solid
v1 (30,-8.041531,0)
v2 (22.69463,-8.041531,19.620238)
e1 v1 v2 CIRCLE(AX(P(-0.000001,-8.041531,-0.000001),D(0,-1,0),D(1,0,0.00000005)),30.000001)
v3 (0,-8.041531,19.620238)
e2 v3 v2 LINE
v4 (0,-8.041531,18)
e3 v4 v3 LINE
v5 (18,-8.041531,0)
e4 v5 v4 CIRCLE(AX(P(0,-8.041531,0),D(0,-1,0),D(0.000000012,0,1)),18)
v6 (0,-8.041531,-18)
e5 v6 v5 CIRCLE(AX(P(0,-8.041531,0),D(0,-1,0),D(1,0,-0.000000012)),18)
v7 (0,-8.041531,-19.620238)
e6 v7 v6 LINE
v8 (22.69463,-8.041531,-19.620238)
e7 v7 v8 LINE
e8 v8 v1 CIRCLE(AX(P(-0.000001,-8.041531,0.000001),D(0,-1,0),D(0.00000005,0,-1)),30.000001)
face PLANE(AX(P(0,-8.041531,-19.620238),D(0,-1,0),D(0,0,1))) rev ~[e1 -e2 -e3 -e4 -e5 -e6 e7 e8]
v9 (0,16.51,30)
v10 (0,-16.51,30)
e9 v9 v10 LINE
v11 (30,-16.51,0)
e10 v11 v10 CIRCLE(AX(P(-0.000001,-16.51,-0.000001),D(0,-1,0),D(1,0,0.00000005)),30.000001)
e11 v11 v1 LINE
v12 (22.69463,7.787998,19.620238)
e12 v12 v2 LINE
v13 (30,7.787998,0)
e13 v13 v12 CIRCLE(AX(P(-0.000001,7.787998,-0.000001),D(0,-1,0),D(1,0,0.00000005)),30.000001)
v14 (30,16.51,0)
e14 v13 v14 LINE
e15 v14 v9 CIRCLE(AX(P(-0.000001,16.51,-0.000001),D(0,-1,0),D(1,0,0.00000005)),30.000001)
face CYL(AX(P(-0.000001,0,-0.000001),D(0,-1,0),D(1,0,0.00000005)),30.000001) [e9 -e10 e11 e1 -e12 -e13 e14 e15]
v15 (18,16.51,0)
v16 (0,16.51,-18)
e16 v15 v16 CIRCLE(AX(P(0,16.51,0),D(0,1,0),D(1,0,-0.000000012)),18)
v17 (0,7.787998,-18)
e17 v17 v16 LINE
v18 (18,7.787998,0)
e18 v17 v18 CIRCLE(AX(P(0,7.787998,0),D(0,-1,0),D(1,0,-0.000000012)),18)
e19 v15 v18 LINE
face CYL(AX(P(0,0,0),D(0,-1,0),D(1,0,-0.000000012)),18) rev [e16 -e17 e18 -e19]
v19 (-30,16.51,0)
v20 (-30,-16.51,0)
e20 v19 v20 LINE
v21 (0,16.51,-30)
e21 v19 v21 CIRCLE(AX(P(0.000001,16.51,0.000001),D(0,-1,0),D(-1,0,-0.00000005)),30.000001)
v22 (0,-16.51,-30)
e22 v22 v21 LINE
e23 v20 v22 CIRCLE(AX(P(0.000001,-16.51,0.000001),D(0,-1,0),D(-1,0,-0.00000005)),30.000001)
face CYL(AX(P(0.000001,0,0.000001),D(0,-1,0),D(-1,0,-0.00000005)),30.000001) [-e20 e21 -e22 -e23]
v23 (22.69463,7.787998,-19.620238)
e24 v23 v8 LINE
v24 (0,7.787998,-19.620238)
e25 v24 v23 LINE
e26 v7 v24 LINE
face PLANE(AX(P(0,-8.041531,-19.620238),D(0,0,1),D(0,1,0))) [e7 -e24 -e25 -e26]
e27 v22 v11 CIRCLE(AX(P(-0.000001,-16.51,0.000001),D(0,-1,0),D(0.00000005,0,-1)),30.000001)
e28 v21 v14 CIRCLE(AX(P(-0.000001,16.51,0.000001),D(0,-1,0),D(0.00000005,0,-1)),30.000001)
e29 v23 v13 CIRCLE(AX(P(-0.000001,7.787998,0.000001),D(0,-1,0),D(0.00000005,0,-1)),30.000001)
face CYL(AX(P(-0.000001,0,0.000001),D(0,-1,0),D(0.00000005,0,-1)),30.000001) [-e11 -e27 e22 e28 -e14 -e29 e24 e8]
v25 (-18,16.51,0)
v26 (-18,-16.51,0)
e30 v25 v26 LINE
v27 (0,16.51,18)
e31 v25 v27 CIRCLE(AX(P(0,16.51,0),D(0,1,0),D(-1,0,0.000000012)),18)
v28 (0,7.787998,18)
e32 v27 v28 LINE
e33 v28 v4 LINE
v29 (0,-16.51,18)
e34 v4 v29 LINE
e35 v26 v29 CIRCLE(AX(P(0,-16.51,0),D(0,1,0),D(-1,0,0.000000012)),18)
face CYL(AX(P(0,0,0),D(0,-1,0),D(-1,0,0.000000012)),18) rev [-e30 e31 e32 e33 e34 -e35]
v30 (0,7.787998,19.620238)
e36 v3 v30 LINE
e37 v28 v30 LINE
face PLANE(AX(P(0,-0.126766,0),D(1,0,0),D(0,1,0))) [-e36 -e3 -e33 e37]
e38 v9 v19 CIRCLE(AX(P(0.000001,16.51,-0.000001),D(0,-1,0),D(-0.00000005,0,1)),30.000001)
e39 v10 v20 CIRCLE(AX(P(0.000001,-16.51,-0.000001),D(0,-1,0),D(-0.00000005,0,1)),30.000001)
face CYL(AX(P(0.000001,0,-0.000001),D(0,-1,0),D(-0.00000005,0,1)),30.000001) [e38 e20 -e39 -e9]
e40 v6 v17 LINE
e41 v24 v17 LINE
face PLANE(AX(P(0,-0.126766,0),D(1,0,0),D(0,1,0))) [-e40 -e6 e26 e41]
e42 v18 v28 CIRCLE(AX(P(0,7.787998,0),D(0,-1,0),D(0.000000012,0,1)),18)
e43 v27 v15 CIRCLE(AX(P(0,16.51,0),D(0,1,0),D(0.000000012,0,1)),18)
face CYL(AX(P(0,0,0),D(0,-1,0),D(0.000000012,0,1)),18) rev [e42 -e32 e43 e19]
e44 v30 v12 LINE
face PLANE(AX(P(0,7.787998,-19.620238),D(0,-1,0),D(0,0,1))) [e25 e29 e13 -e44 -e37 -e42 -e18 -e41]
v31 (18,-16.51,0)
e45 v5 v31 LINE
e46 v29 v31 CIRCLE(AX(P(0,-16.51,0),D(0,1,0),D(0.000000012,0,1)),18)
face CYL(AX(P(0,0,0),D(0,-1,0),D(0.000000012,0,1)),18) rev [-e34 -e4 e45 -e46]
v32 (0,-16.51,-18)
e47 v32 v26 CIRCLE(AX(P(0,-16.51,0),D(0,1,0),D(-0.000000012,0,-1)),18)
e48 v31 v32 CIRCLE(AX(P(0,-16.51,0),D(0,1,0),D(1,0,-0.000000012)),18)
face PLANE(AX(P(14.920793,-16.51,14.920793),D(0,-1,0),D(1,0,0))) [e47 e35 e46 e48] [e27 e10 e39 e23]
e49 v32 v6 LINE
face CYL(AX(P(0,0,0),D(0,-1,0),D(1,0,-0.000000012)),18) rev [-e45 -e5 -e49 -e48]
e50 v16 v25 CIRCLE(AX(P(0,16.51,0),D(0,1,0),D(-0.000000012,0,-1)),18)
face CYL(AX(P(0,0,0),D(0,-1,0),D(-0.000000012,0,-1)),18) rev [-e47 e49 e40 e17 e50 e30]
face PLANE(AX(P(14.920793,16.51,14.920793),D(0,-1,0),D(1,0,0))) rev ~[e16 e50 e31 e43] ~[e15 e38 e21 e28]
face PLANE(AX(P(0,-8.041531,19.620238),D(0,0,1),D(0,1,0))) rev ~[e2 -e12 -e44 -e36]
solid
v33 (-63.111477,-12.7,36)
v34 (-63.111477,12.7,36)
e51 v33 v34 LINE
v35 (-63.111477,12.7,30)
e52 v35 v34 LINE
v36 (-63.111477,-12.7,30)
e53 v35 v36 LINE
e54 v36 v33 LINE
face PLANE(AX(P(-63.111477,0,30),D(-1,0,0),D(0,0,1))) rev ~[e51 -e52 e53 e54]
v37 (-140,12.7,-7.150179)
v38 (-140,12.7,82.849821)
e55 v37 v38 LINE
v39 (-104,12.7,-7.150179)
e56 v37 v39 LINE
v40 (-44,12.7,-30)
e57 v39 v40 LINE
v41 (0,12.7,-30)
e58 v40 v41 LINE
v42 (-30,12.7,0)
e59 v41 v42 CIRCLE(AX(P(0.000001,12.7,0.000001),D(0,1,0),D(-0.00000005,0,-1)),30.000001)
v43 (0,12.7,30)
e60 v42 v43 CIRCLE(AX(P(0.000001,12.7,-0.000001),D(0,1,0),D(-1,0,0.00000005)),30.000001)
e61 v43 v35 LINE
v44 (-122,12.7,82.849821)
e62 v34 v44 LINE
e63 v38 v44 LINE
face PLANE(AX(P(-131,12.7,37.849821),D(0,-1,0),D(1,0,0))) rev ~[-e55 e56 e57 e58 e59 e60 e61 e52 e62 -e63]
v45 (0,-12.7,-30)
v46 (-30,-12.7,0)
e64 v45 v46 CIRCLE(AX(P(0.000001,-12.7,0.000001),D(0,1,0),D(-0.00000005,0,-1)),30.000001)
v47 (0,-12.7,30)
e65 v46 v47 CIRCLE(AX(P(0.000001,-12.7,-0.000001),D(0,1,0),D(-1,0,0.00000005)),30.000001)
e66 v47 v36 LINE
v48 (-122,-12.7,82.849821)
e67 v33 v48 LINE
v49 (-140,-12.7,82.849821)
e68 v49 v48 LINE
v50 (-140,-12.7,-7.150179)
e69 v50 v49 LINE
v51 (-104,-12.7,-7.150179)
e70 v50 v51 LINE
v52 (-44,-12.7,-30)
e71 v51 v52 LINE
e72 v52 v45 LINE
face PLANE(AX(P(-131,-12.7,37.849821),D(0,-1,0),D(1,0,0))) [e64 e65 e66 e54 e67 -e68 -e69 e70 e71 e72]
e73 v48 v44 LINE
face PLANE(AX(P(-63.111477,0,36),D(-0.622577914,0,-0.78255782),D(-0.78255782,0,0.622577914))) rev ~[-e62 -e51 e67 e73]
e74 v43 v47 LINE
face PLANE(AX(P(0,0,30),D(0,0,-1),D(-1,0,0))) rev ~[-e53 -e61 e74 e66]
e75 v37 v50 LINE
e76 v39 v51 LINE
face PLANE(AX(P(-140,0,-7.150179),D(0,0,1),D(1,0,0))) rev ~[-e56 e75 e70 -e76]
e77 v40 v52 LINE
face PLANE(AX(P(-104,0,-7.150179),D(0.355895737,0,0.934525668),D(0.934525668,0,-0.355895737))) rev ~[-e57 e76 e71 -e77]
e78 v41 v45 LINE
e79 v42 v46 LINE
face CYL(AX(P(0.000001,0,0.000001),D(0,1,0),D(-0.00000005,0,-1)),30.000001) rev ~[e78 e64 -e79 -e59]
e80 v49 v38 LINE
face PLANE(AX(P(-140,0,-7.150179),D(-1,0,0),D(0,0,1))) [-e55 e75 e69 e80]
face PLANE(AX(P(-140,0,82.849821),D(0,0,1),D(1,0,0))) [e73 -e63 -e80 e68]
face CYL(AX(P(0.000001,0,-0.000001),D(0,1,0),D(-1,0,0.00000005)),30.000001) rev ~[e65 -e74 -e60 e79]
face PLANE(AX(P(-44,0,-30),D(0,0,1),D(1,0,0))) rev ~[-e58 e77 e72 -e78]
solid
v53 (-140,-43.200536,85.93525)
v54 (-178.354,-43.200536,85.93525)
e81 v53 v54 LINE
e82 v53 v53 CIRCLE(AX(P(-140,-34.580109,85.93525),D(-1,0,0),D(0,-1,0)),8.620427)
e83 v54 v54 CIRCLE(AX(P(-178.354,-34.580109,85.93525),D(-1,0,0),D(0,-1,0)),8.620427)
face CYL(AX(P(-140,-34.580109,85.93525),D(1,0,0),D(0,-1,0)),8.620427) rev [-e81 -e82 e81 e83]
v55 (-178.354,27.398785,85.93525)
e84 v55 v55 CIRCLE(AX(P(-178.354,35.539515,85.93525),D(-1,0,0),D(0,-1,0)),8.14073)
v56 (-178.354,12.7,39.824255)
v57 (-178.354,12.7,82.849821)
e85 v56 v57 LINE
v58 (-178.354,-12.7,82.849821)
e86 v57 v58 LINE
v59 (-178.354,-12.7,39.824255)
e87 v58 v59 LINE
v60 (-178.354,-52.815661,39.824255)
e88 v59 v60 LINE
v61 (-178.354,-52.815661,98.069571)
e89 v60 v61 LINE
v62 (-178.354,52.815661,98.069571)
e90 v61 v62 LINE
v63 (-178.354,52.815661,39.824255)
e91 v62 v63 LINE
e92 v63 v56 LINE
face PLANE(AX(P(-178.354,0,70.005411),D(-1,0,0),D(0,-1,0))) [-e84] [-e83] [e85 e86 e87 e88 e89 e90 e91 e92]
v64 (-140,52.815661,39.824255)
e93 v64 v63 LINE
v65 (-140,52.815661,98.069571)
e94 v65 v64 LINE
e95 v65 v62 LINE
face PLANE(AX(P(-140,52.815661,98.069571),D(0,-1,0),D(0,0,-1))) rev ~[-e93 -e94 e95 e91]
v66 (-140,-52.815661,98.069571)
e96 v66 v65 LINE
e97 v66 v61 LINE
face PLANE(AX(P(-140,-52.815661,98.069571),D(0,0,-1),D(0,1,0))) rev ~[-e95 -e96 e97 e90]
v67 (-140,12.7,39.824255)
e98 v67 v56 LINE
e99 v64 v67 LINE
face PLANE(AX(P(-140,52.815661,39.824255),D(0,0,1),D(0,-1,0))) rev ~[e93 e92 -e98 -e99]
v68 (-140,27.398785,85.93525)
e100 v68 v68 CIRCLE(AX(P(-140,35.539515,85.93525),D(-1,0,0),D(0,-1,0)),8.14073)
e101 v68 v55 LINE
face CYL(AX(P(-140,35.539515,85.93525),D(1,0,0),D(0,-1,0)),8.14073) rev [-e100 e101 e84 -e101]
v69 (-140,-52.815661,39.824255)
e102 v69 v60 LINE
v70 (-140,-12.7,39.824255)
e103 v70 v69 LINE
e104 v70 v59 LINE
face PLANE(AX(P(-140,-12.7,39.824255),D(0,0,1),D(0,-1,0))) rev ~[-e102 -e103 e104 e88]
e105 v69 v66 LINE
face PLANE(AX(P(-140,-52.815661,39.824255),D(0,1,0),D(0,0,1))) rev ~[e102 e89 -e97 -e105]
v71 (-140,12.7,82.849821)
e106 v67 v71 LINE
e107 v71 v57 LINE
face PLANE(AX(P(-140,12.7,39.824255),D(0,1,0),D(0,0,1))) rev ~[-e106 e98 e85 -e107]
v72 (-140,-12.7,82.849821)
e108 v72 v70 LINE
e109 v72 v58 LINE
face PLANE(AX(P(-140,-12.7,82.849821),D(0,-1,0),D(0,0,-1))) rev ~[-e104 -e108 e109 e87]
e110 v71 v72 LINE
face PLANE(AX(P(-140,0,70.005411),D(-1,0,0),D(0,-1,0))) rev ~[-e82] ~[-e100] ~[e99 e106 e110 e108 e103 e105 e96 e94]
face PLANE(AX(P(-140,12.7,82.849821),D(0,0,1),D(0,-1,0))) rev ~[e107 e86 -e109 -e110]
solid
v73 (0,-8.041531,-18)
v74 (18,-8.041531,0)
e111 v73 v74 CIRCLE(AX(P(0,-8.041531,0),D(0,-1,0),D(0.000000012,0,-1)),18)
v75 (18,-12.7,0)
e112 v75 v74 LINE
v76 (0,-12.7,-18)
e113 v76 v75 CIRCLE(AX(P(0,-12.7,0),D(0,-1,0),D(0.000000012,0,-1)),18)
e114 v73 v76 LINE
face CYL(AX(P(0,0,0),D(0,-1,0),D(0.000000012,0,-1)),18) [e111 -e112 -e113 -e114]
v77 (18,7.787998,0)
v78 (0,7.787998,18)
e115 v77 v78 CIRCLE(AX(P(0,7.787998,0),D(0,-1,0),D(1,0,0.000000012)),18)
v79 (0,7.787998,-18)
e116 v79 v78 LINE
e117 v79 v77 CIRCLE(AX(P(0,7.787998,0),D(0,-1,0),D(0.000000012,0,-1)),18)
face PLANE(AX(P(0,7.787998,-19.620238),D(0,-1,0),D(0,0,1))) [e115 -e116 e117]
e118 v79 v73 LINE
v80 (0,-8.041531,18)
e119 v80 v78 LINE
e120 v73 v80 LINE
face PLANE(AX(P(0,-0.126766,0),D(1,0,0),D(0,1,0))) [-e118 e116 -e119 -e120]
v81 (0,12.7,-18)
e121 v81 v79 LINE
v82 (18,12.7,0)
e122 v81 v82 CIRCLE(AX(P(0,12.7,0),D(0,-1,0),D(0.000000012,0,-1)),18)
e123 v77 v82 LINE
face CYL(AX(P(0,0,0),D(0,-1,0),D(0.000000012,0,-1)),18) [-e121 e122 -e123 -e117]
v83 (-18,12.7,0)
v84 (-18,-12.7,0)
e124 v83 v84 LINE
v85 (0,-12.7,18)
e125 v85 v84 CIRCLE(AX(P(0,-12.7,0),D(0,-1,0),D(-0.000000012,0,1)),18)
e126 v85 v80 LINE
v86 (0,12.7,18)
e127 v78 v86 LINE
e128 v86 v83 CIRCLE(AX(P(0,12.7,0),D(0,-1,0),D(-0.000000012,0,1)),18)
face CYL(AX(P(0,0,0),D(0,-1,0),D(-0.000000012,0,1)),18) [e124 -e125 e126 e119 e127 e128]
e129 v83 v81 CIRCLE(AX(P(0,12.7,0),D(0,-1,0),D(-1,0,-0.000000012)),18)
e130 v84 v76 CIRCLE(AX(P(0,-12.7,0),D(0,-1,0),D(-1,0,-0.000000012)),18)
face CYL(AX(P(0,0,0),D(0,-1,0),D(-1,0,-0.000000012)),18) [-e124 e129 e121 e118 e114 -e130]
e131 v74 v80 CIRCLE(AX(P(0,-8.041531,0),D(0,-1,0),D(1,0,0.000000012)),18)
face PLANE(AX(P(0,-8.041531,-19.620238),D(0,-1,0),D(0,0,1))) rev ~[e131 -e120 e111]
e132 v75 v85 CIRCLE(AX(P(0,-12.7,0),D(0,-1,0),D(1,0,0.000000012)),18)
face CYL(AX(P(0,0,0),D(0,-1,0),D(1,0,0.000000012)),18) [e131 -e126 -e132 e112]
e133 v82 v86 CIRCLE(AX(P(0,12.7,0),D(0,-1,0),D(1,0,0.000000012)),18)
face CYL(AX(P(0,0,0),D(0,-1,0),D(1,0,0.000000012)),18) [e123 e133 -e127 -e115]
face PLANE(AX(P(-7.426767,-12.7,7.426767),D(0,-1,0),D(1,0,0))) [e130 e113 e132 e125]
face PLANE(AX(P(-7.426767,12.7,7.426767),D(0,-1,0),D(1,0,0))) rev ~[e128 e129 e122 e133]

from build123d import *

# Parameters (mm, degrees)
F0_W     = 18
F0_H     = 90
F1_DEPTH = 12.7
F2_DEPTH = 16.51
F3_R     = 8.14073
F3_R_2   = 8.620427
F4_DEPTH = 38.354
F5_W     = 15.829529
F5_H     = 39.240476
F6_DEPTH = 56.896


with BuildPart() as f1:
    # F0 (on Front) → F1 (new body, symmetric)
    with BuildSketch(Plane.XZ):
        with Locations((-131, 37.849821)):
            Rectangle(F0_W, F0_H)
        Polygon((-104, -7.150179), (-44, -30), (-44, 0), (-44, 18), (-104, 18), align=None)
        with BuildLine():
            Line((0, 0), (0, 18))
            ThreePointArc((0, 18), (-12.727922, 12.727922), (-18, 0))
            Line((-18, 0), (0, 0))
        make_face()
        with BuildLine():
            Line((0, 0), (18, 0))
            ThreePointArc((18, 0), (12.727922, 12.727922), (0, 18))
            Line((0, 18), (0, 0))
        make_face()
        with BuildLine():
            ThreePointArc((0, -18), (12.727922, -12.727922), (18, 0))
            Line((18, 0), (0, 0))
            Line((0, 0), (0, -18))
        make_face()
        with BuildLine():
            ThreePointArc((-18, 0), (-12.727922, -12.727922), (0, -18))
            Line((0, -18), (0, 0))
            Line((0, 0), (-18, 0))
        make_face()
        with BuildLine():
            Line((-44, -30), (0, -30))
            ThreePointArc((0, -30), (-21.213203, -21.213203), (-30, 0))
            Line((-30, 0), (-44, 0))
            Line((-44, 0), (-44, -30))
        make_face()
        with BuildLine():
            ThreePointArc((-30, 0), (-21.213203, 21.213203), (0, 30))
            Line((0, 30), (-63.111477, 30))
            Line((-63.111477, 30), (-63.111477, 36))
            Line((-63.111477, 36), (-122, 82.849821))
            Line((-122, 82.849821), (-122, -7.150179))
            Line((-122, -7.150179), (-104, -7.150179))
            Line((-104, -7.150179), (-104, 18))
            Line((-104, 18), (-44, 18))
            Line((-44, 18), (-44, 0))
            Line((-44, 0), (-30, 0))
        make_face()
    extrude(amount=F1_DEPTH, both=True)


with BuildPart() as f2:
    # F0 (on Front) → F2 (new body, symmetric)
    with BuildSketch(Plane.XZ):
        with BuildLine():
            Line((18, 0), (30, 0))
            ThreePointArc((30, 0), (21.213203, 21.213203), (0, 30))
            Line((0, 30), (0, 18))
            ThreePointArc((0, 18), (12.727922, 12.727922), (18, 0))
        make_face()
        with BuildLine():
            Line((0, 18), (0, 30))
            ThreePointArc((0, 30), (-21.213203, 21.213203), (-30, 0))
            Line((-30, 0), (-18, 0))
            ThreePointArc((-18, 0), (-12.727922, 12.727922), (0, 18))
        make_face()
        with BuildLine():
            ThreePointArc((-30, 0), (-21.213203, -21.213203), (0, -30))
            Line((0, -30), (0, -18))
            ThreePointArc((0, -18), (-12.727922, -12.727922), (-18, 0))
            Line((-18, 0), (-30, 0))
        make_face()
        with BuildLine():
            ThreePointArc((0, -30), (21.213203, -21.213203), (30, 0))
            Line((30, 0), (18, 0))
            ThreePointArc((18, 0), (12.727922, -12.727922), (0, -18))
            Line((0, -18), (0, -30))
        make_face()
    extrude(amount=F2_DEPTH, both=True)


with BuildPart() as f4:
    # F3 (on face) → F4 (new body)
    with BuildSketch(Plane(origin=(-140, 0, 0), x_dir=(0, -1, 0), z_dir=(-1, 0, 0))):
        Polygon((52.815661, 98.069571), (-52.815661, 98.069571), (-52.815661, 39.824255), (-12.7, 39.824255), (-12.7, 82.849821), (12.7, 82.849821), (12.7, 39.824255), (52.815661, 39.824255), align=None)
        with Locations((-35.539515, 85.93525)):
            Circle(F3_R, mode=Mode.SUBTRACT)
        with Locations((34.580109, 85.93525)):
            Circle(F3_R_2, mode=Mode.SUBTRACT)
    extrude(amount=F4_DEPTH)


with BuildPart() as f6_tool:
    # F5 (on Right) → F6 (new body)
    with BuildSketch(Plane.YZ):
        with Locations((-0.126766, 0)):
            Rectangle(F5_W, F5_H)
    extrude(amount=F6_DEPTH)


with BuildPart() as f1_1:
    add(f1.part)

    # F6: cut by f6_tool
    add(f6_tool.part, mode=Mode.SUBTRACT)


with BuildPart() as f2_1:
    add(f2.part)

    # F6: cut by f6_tool
    add(f6_tool.part, mode=Mode.SUBTRACT)


solid = Compound([f4.part, f1_1.part, f2_1.part])
